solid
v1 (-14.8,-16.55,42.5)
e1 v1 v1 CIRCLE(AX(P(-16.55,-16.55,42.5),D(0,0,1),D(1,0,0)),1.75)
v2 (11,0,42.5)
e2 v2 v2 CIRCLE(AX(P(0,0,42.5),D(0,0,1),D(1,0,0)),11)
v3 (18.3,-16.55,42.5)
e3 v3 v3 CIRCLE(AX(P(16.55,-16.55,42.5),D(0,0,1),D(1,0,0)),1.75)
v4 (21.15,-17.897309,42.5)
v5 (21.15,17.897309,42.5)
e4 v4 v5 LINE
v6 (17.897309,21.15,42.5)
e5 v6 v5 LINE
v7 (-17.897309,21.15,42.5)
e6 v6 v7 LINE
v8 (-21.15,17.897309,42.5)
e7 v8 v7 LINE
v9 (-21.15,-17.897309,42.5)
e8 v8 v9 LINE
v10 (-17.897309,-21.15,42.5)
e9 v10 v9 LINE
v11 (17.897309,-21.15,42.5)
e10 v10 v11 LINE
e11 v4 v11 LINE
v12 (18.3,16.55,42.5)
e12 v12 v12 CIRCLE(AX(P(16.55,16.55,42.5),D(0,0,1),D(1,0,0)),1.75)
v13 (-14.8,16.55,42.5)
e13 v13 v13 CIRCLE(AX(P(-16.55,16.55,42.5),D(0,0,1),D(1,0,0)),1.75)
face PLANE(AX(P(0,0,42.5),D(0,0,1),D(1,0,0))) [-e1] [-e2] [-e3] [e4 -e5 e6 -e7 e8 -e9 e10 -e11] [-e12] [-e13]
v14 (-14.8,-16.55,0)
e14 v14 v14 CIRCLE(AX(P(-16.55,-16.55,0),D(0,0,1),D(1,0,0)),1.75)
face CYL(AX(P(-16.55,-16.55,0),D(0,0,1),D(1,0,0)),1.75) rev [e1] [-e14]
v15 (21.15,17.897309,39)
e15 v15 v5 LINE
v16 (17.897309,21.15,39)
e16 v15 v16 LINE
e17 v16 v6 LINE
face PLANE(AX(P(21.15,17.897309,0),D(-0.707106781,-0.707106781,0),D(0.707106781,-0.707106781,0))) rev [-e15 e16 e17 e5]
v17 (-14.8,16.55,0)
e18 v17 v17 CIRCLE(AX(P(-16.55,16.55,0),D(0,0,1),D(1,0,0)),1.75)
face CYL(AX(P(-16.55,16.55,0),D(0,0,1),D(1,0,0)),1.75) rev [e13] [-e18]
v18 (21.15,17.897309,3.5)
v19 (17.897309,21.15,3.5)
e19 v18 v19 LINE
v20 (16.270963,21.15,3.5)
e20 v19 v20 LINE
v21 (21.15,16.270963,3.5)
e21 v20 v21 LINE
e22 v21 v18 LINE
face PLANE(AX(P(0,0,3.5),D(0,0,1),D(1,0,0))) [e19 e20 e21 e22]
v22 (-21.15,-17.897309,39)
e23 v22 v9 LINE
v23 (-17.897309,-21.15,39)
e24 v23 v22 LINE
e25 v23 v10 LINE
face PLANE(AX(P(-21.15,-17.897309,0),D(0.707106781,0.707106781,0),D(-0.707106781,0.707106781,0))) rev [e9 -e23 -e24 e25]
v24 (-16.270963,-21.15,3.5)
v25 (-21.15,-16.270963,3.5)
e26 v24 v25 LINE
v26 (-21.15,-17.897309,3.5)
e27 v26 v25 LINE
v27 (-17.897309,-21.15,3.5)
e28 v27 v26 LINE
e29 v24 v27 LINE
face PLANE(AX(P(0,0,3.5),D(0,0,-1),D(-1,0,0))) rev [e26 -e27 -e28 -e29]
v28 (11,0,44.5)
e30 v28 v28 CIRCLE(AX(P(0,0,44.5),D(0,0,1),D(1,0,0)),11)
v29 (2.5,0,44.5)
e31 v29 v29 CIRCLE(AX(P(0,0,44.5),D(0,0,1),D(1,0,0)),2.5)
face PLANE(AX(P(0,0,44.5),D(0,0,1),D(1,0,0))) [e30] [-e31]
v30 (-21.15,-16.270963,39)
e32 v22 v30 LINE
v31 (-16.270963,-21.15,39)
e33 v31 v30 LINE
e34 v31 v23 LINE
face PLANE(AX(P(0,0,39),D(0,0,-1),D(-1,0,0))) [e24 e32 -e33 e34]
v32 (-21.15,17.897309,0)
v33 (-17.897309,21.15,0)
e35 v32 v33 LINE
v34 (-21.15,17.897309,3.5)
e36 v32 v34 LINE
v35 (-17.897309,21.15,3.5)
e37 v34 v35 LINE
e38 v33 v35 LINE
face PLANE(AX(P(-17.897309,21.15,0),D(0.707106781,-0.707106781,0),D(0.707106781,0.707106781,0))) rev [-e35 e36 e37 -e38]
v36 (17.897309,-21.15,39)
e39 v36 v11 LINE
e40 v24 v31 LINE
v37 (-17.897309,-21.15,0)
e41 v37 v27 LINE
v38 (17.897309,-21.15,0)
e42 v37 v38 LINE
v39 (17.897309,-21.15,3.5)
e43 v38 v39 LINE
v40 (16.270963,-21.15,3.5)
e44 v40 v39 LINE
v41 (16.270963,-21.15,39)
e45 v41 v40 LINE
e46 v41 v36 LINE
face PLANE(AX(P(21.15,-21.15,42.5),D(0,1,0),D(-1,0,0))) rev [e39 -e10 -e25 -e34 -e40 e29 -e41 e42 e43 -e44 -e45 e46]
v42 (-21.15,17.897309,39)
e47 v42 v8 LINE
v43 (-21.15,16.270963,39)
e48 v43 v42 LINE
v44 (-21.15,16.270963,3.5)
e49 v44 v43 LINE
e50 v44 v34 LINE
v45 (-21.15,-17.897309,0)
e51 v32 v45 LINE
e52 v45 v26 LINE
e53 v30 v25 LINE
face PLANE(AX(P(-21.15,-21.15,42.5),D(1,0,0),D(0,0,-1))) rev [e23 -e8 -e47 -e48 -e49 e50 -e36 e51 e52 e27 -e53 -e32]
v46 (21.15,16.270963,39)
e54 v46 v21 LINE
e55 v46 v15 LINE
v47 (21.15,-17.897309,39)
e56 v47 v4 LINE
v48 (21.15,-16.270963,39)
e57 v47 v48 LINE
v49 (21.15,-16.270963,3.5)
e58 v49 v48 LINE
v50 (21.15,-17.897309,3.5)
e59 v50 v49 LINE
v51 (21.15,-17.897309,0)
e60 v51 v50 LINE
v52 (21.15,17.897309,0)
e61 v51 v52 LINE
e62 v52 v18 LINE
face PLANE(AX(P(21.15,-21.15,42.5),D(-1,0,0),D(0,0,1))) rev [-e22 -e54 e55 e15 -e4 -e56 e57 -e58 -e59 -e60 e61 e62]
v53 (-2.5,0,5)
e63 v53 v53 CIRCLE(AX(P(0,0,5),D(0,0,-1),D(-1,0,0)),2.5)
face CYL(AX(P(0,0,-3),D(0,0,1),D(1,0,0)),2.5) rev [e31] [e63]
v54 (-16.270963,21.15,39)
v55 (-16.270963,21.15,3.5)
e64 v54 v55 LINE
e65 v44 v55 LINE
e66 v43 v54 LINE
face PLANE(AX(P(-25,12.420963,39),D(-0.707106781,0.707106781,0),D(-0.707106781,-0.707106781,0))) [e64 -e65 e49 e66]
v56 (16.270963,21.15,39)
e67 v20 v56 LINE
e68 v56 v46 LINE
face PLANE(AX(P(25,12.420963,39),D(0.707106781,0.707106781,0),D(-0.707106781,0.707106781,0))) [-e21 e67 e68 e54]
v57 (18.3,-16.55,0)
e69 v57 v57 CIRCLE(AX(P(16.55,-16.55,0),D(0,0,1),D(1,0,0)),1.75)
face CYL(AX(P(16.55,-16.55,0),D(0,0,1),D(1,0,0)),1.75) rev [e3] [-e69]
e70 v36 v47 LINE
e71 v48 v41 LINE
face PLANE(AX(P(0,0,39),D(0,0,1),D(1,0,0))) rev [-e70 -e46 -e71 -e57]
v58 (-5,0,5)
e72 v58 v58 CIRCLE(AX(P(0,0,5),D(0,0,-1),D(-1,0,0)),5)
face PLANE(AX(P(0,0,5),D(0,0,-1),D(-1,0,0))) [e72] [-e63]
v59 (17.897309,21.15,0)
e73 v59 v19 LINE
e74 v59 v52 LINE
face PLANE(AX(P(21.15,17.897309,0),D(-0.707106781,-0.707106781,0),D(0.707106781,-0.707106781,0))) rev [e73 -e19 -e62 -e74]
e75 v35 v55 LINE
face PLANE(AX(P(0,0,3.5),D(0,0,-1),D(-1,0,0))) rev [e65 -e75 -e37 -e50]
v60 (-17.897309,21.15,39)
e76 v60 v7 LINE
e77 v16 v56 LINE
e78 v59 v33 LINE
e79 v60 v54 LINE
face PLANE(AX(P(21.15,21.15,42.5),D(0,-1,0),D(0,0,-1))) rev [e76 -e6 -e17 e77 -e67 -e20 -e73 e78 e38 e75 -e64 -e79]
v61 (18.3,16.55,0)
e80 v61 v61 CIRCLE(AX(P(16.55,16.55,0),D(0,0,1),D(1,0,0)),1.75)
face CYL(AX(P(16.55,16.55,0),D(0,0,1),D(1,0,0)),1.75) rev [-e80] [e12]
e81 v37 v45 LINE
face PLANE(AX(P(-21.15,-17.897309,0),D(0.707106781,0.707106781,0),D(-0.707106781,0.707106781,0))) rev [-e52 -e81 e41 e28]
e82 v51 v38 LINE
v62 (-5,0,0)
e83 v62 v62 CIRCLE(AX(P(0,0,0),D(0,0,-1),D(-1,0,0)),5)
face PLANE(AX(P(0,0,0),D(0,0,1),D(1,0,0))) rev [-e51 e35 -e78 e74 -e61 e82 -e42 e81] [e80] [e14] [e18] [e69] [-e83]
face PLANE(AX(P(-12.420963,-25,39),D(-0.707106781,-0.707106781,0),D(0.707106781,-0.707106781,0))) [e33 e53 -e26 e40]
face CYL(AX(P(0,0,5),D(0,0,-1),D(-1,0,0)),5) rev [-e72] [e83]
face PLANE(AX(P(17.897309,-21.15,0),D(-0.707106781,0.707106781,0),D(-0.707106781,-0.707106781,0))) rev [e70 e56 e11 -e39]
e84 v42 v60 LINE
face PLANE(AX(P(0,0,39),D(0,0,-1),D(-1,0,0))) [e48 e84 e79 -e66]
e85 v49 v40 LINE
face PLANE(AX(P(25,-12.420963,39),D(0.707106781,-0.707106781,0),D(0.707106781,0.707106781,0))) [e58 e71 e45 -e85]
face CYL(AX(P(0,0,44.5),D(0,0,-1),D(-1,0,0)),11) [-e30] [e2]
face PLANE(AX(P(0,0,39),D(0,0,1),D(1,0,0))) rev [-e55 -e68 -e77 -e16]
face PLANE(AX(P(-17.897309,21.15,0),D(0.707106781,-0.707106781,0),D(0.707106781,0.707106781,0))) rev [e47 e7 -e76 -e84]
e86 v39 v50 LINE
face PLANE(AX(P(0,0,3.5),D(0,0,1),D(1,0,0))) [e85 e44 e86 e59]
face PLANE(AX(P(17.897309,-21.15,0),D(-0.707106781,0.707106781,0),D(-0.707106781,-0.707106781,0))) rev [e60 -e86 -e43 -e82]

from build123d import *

# Parameters (mm, degrees)
SKETCH1_W                = 42.3
SKETCH1_H                = 42.3
BOSS_EXTRUDE1_DEPTH      = 42.5
SKETCH2_R                = 11
BOSS_EXTRUDE2_DEPTH      = 2
SKETCH3_R                = 1.75
CUT_EXTRUDE1_DEPTH       = 43.5
CUT_EXTRUDE2_DEPTH       = 43.5
SKETCH5_R                = 2.5
CUT_EXTRUDE3_DEPTH       = 45.5
SKETCH6_R                = 2.5
BOSS_EXTRUDE3_DEPTH      = 22
BOSS_EXTRUDE3_DEPTH_BACK = 47.5
SKETCH7_R                = 5
SKETCH7_R_2              = 2.5
CUT_EXTRUDE4_DEPTH       = 5
CUT_EXTRUDE5_DEPTH       = 20
SKETCH9_R                = 2.5
CUT_EXTRUDE6_DEPTH       = 70.5
CUT_EXTRUDE7_DEPTH       = 35.5


with BuildPart() as part:
    # Sketch1 → Boss-Extrude1 (new body)
    with BuildSketch(Plane.XY):
        Rectangle(SKETCH1_W, SKETCH1_H)
    extrude(amount=BOSS_EXTRUDE1_DEPTH)

    # Sketch2 → Boss-Extrude2 (add)
    with BuildSketch(Plane.XY.offset(42.5)):
        Circle(SKETCH2_R)
    extrude(amount=BOSS_EXTRUDE2_DEPTH)

    # Sketch3 → Cut-Extrude1 (cut, through all)
    with BuildSketch(Plane.XY.offset(42.5)):
        with Locations((-16.55, 16.55)):
            Circle(SKETCH3_R)
        with Locations((16.55, 16.55)):
            Circle(SKETCH3_R)
        with Locations((16.55, -16.55)):
            Circle(SKETCH3_R)
        with Locations((-16.55, -16.55)):
            Circle(SKETCH3_R)
    extrude(amount=-CUT_EXTRUDE1_DEPTH, mode=Mode.SUBTRACT)

    # Sketch4 → Cut-Extrude2 (cut, through all)
    with BuildSketch(Plane.XY.offset(42.5)):
        Polygon((-21.15, 17.897308807), (-21.15, 21.15), (-17.897308807, 21.15), align=None)
        Polygon((17.897308807, 21.15), (21.15, 21.15), (21.15, 17.897308807), align=None)
        Polygon((21.15, -17.897308807), (21.15, -21.15), (17.897308807, -21.15), align=None)
        Polygon((-17.897308807, -21.15), (-21.15, -21.15), (-21.15, -17.897308807), align=None)
    extrude(amount=-CUT_EXTRUDE2_DEPTH, mode=Mode.SUBTRACT)

    # Sketch5 → Cut-Extrude3 (cut, through all)
    with BuildSketch(Plane.XY.offset(44.5)):
        Circle(SKETCH5_R)
    extrude(amount=-CUT_EXTRUDE3_DEPTH, mode=Mode.SUBTRACT)

    # Sketch6 → Boss-Extrude3 (add, two sides)
    with BuildSketch(Plane.XY.offset(44.5)) as boss_extrude3_sk:
        Circle(SKETCH6_R)
    extrude(amount=BOSS_EXTRUDE3_DEPTH)
    extrude(boss_extrude3_sk.sketch, amount=-BOSS_EXTRUDE3_DEPTH_BACK)

    # Sketch7 → Cut-Extrude4 (cut)
    with BuildSketch(Plane(origin=(0, 0, 0), x_dir=(-1, 0, 0), z_dir=(0, 0, -1))):
        Circle(SKETCH7_R)
        Circle(SKETCH7_R_2, mode=Mode.SUBTRACT)
    extrude(amount=-CUT_EXTRUDE4_DEPTH, mode=Mode.SUBTRACT)

    # Sketch8 → Cut-Extrude5 (cut)
    with BuildSketch(Plane.XY.offset(66.5)):
        with BuildLine():
            Line((2.5, 0), (0, 2.5))
            ThreePointArc((0, 2.5), (1.767766953, 1.767766953), (2.5, 0))
        make_face()
    extrude(amount=-CUT_EXTRUDE5_DEPTH, mode=Mode.SUBTRACT)

    # Sketch9 → Cut-Extrude6 (cut, through all)
    with BuildSketch(Plane.XY.offset(66.5)):
        Circle(SKETCH9_R)
    extrude(amount=-CUT_EXTRUDE6_DEPTH, mode=Mode.SUBTRACT)

    # Sketch10 → Cut-Extrude7 (cut)
    with BuildSketch(Plane.XY.offset(3.5)):
        Polygon((25, -25), (12.42096321, -25), (25, -12.42096321), align=None)
        Polygon((25, 25), (12.42096321, 25), (25, 12.42096321), align=None)
        Polygon((-25, -25), (-25, -12.42096321), (-12.42096321, -25), align=None)
        Polygon((-25, 12.42096321), (-25, 25), (-12.42096321, 25), align=None)
    extrude(amount=CUT_EXTRUDE7_DEPTH, mode=Mode.SUBTRACT)


solid = part.part
